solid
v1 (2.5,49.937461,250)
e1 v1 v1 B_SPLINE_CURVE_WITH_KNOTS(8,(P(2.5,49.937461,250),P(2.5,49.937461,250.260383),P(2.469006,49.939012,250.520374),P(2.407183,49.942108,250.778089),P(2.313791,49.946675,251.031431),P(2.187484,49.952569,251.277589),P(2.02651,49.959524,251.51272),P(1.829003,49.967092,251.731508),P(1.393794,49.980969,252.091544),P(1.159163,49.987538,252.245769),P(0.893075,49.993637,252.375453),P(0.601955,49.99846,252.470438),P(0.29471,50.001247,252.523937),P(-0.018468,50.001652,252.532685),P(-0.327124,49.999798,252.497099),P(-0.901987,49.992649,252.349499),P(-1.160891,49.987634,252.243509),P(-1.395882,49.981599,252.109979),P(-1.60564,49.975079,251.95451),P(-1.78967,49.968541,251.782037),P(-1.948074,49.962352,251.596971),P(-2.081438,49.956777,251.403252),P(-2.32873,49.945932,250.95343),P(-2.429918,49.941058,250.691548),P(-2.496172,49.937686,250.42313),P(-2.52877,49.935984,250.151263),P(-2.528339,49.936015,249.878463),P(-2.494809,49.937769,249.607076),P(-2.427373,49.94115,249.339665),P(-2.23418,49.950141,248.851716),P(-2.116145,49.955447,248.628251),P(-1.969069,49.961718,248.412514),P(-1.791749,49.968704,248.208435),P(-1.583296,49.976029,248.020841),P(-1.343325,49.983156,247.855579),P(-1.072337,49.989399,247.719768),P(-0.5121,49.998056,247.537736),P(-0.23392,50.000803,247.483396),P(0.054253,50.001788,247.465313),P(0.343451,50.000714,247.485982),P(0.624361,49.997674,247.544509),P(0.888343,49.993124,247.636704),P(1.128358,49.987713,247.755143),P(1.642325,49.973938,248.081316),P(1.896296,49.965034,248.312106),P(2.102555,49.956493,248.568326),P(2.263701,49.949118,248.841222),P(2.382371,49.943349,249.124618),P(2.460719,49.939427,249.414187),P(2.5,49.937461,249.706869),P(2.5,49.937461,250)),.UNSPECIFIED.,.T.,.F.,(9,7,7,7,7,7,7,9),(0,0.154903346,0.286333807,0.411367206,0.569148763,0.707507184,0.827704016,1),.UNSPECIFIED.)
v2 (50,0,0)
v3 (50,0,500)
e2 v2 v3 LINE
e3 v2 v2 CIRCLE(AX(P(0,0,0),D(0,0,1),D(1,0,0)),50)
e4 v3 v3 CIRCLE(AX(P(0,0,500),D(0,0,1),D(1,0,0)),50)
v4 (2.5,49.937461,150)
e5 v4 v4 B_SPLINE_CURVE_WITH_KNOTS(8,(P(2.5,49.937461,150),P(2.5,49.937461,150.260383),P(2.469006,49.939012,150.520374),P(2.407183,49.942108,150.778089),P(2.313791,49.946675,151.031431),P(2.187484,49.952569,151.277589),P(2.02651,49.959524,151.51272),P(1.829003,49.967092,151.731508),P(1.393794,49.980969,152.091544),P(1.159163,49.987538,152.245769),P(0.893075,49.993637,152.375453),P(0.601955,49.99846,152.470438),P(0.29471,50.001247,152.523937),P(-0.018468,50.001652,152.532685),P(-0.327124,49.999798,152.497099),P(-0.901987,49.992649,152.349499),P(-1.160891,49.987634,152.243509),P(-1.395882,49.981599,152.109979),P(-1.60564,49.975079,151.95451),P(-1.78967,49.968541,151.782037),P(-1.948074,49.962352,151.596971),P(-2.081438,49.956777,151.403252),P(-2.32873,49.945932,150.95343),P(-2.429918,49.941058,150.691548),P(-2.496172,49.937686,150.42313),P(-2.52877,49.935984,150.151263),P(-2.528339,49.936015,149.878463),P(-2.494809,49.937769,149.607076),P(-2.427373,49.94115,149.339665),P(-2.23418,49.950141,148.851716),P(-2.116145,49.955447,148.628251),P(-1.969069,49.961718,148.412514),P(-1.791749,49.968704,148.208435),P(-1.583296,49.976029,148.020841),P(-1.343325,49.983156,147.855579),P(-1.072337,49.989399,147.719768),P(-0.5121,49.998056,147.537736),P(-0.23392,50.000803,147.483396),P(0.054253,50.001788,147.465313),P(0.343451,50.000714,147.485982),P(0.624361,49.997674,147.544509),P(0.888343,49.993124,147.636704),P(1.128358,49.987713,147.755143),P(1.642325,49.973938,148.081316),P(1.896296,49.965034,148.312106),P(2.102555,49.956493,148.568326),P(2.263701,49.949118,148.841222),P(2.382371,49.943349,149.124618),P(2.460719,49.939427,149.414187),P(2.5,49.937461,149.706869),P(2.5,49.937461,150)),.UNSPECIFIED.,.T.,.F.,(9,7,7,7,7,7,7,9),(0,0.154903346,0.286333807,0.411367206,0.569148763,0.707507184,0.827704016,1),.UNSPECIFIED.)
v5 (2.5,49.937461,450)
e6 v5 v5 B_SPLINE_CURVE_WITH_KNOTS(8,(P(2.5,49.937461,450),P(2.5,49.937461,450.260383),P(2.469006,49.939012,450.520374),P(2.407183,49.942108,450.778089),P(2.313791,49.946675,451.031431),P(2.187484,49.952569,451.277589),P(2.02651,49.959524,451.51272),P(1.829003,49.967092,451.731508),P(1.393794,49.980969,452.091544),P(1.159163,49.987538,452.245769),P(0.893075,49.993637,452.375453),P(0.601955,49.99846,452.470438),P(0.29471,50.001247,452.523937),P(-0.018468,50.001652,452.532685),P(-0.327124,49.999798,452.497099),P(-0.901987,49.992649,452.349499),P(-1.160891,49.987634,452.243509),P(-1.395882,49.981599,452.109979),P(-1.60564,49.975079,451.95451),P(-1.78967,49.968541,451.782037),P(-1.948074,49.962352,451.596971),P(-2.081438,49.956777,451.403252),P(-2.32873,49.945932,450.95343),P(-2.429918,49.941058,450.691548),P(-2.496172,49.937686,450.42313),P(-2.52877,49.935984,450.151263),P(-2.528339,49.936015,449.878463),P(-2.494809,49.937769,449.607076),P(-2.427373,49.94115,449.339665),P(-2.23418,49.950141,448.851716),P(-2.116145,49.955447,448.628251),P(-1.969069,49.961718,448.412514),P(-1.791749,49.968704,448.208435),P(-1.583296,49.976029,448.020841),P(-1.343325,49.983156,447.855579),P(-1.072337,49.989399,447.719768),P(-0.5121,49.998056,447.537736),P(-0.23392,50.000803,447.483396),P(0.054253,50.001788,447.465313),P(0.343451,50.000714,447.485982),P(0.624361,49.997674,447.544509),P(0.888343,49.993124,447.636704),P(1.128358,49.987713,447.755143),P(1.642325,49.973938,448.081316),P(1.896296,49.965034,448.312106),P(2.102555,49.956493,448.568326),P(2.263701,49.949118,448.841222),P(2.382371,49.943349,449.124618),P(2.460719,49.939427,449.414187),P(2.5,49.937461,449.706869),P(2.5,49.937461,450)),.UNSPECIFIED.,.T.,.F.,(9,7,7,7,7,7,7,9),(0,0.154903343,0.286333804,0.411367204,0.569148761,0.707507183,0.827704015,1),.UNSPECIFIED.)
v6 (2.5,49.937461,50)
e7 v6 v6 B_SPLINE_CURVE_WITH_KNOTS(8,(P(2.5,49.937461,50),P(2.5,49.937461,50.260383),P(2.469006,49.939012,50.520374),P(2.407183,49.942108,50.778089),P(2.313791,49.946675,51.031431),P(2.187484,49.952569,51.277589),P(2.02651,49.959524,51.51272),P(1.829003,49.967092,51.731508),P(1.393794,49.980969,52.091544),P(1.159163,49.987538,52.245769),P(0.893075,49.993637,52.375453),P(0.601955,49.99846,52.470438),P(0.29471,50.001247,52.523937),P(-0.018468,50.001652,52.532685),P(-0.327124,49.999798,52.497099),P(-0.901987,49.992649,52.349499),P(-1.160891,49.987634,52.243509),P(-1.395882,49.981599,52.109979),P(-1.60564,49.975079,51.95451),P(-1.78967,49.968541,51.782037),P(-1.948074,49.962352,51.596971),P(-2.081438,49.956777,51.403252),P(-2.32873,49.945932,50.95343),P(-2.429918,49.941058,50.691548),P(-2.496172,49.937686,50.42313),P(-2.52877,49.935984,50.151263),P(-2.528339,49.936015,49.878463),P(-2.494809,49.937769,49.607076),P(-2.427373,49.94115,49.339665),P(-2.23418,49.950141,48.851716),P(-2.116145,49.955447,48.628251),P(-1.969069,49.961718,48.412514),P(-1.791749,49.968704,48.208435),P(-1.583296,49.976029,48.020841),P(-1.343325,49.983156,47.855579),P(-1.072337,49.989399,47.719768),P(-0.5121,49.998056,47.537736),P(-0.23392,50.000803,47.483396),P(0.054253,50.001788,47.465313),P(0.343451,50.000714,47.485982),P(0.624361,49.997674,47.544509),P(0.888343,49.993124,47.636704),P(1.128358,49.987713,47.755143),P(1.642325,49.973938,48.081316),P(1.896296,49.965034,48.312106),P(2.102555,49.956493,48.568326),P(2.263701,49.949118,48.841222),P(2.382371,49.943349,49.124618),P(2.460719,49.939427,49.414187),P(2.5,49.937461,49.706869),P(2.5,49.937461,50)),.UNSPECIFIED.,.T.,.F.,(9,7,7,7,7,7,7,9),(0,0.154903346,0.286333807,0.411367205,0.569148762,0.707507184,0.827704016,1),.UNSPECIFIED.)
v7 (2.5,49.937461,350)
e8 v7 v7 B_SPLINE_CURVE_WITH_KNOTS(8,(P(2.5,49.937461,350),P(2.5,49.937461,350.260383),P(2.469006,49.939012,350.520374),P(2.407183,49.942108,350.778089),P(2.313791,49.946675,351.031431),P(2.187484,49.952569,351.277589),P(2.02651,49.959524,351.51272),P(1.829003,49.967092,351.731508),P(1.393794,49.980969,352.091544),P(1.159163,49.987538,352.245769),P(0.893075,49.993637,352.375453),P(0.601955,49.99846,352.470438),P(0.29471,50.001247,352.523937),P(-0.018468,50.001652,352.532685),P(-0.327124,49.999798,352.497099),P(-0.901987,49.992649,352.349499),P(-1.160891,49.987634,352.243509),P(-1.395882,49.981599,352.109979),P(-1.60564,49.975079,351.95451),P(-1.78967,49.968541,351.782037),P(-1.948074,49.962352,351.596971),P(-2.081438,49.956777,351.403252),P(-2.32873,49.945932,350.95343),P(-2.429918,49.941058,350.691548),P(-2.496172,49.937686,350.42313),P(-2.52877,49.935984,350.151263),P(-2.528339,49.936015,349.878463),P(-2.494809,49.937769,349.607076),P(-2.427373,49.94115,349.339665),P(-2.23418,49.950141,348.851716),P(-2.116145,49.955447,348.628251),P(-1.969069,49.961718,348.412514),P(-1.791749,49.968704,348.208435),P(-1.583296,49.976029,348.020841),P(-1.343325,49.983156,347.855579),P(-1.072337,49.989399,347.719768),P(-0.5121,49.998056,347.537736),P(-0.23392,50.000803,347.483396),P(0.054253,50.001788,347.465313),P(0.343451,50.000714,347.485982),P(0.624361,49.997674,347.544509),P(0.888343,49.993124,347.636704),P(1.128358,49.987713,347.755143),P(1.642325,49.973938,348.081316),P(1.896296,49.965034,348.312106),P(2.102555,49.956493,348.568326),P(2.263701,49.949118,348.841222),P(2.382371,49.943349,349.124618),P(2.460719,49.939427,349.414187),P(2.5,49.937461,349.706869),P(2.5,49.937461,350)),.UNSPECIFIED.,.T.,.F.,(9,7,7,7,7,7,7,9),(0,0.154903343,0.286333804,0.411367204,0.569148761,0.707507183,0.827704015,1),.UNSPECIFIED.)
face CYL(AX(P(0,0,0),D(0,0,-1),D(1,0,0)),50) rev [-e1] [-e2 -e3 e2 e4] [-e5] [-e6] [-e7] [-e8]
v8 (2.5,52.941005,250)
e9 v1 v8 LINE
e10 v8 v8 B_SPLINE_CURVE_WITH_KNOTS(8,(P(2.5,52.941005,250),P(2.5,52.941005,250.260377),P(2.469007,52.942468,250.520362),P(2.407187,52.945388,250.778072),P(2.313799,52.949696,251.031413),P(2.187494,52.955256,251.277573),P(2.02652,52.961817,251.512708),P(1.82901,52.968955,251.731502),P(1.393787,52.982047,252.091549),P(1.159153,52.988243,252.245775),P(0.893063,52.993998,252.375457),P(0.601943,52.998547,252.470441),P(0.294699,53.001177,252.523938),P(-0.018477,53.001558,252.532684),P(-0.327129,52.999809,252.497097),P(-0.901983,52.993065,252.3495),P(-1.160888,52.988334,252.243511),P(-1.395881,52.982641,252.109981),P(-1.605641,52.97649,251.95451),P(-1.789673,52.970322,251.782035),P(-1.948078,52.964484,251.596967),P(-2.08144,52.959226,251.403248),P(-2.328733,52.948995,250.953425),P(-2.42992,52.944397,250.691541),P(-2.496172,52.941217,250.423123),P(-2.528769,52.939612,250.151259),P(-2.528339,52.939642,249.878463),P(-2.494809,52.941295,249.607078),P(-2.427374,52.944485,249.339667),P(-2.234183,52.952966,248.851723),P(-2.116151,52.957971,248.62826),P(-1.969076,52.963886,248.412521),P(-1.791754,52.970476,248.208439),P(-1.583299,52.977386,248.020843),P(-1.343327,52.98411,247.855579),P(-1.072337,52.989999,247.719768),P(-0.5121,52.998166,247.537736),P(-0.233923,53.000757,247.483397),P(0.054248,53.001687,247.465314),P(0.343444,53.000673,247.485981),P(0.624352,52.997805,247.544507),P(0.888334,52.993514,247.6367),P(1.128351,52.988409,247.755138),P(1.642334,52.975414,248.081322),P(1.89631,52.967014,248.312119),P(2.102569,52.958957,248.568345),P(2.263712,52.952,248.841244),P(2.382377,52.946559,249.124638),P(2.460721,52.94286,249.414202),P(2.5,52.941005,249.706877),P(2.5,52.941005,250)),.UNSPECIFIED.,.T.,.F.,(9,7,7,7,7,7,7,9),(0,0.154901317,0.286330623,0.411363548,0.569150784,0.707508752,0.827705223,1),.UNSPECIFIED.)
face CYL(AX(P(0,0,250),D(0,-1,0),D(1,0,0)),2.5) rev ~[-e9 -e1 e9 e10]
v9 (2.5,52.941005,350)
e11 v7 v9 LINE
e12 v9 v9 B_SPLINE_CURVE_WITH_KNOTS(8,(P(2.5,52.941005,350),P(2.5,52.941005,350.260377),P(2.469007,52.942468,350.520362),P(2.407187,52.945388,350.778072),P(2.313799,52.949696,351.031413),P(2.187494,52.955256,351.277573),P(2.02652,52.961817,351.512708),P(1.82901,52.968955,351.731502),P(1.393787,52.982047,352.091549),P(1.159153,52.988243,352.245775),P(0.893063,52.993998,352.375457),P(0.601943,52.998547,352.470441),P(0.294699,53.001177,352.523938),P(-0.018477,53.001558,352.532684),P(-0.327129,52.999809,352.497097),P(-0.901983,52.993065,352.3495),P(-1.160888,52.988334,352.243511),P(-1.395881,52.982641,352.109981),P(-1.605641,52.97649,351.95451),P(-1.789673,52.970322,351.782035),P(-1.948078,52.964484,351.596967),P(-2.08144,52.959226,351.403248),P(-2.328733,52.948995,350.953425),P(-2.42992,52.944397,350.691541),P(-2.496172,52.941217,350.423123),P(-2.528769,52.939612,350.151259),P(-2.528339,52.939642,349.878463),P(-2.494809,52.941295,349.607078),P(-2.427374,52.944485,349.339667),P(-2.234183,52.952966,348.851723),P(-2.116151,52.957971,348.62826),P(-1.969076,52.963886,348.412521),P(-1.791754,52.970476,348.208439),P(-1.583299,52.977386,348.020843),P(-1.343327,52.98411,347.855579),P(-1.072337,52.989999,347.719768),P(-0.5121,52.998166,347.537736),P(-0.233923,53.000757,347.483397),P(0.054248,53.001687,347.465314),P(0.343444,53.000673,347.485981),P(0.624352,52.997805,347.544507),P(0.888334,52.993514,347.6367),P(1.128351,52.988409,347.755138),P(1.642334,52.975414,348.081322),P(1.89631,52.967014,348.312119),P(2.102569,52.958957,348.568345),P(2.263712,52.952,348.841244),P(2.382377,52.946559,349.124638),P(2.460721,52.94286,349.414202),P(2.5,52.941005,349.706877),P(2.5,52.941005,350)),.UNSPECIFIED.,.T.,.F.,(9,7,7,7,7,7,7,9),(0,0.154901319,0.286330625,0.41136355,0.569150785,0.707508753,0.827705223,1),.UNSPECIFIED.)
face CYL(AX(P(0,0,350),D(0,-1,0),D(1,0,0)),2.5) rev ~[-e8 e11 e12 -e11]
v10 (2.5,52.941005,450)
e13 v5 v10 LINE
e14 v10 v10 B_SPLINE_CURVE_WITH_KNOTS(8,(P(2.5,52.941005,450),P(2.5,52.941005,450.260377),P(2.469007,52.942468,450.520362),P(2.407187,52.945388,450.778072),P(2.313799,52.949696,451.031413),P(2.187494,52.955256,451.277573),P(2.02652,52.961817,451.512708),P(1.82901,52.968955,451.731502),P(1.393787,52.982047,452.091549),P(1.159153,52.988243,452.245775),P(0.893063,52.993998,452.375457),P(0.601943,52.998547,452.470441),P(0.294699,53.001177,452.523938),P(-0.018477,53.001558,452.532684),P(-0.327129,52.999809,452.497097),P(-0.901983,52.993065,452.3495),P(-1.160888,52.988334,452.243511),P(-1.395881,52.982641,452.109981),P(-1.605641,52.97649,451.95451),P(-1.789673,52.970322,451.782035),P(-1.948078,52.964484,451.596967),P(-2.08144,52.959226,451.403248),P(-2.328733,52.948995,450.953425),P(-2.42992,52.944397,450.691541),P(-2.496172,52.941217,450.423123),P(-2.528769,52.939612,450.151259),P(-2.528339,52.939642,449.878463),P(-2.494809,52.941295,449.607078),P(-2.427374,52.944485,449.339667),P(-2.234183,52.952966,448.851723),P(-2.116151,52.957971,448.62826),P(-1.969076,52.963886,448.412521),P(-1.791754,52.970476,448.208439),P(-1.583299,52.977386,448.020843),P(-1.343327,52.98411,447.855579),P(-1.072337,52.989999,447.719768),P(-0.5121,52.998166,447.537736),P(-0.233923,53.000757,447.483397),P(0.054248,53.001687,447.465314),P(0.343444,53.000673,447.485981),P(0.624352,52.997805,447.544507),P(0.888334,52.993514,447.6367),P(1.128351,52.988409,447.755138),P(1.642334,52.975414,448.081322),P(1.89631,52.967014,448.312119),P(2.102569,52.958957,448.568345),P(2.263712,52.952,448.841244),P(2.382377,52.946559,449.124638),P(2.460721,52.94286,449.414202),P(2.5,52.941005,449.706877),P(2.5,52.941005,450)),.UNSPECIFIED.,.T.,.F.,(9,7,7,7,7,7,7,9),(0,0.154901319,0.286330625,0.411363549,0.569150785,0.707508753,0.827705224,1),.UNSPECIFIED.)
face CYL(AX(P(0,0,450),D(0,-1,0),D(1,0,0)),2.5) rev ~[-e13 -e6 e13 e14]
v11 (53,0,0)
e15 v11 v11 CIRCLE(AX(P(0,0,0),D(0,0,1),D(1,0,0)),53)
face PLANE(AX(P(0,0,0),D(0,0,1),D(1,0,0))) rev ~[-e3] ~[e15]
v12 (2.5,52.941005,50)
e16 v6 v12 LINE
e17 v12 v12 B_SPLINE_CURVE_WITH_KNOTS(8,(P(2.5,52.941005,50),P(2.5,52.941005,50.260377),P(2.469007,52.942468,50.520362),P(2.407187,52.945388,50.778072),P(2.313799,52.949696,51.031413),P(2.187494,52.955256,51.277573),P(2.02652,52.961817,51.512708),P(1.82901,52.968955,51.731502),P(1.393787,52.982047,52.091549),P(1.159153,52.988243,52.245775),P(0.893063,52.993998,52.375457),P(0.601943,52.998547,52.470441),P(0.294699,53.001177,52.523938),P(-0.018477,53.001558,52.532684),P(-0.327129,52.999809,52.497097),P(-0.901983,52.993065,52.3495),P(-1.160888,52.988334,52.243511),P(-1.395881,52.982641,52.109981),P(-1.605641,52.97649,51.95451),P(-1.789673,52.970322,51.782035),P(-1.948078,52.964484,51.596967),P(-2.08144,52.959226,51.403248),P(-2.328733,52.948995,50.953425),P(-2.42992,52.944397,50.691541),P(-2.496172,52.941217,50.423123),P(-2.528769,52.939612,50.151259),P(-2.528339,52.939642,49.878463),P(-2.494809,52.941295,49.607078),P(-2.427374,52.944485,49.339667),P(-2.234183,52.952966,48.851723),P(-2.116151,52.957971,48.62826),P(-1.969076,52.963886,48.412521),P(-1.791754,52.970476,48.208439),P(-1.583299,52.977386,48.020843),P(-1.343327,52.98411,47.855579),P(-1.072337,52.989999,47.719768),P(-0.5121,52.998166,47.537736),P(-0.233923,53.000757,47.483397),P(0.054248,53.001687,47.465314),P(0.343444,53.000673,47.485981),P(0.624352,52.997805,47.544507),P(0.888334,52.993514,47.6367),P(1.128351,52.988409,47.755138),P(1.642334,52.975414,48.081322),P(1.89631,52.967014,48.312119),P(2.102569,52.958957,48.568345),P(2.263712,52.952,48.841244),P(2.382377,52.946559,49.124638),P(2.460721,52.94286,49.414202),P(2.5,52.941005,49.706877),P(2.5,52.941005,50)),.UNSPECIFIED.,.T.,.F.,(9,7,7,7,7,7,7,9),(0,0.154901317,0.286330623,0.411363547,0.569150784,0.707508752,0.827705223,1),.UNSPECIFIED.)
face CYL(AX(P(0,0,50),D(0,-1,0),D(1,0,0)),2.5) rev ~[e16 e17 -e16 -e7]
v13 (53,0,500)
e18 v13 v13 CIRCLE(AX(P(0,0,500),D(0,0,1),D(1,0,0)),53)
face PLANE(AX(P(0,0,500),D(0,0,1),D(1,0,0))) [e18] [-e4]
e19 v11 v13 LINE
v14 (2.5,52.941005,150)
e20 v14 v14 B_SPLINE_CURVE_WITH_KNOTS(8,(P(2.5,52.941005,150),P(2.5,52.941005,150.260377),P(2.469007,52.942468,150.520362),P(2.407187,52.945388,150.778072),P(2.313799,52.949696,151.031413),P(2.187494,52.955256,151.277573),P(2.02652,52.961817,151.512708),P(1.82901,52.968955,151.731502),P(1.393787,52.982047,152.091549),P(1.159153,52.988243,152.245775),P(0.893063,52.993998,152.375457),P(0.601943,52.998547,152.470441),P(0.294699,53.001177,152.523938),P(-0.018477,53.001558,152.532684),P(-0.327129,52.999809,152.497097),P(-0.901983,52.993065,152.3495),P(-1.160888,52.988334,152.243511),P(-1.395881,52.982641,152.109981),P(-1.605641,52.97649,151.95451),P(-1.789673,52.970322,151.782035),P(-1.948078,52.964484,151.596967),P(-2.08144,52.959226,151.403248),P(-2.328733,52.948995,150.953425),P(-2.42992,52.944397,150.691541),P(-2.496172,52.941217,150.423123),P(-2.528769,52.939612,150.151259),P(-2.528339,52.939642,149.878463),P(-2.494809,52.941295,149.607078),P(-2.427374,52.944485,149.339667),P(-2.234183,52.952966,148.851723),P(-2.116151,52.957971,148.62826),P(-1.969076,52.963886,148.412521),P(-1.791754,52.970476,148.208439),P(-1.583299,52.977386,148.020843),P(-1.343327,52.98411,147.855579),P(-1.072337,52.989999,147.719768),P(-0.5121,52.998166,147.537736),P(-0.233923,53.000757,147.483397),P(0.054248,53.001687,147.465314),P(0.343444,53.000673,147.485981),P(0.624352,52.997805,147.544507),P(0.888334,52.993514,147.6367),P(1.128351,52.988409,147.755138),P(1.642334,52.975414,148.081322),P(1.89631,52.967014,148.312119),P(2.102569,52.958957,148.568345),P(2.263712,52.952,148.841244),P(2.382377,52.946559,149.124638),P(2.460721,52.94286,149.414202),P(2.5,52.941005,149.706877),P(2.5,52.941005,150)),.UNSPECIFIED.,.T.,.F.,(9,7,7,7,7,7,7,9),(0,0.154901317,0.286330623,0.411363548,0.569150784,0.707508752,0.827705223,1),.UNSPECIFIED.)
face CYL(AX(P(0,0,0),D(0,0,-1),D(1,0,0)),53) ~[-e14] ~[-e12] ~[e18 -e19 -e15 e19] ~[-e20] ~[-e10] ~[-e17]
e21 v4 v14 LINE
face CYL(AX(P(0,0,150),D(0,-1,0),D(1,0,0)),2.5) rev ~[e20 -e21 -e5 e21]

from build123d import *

# Parameters (mm, degrees)
F0_R     = 53
F0_R_2   = 50
F1_DEPTH = 500
F3_D     = 5
F3_DEPTH = 53.001


with BuildPart() as f1:
    # F0 (on Top) → F1 (new body)
    with BuildSketch(Plane.XY):
        Circle(F0_R)
        Circle(F0_R_2, mode=Mode.SUBTRACT)
    extrude(amount=F1_DEPTH)

    # F3 (through all, one way)
    with BuildSketch(Plane.XZ):
        with Locations((0, 450), (0, 350), (0, 250), (0, 150), (0, 50)):
            Circle(F3_D / 2)
    extrude(amount=-F3_DEPTH, mode=Mode.SUBTRACT)


solid = f1.part
